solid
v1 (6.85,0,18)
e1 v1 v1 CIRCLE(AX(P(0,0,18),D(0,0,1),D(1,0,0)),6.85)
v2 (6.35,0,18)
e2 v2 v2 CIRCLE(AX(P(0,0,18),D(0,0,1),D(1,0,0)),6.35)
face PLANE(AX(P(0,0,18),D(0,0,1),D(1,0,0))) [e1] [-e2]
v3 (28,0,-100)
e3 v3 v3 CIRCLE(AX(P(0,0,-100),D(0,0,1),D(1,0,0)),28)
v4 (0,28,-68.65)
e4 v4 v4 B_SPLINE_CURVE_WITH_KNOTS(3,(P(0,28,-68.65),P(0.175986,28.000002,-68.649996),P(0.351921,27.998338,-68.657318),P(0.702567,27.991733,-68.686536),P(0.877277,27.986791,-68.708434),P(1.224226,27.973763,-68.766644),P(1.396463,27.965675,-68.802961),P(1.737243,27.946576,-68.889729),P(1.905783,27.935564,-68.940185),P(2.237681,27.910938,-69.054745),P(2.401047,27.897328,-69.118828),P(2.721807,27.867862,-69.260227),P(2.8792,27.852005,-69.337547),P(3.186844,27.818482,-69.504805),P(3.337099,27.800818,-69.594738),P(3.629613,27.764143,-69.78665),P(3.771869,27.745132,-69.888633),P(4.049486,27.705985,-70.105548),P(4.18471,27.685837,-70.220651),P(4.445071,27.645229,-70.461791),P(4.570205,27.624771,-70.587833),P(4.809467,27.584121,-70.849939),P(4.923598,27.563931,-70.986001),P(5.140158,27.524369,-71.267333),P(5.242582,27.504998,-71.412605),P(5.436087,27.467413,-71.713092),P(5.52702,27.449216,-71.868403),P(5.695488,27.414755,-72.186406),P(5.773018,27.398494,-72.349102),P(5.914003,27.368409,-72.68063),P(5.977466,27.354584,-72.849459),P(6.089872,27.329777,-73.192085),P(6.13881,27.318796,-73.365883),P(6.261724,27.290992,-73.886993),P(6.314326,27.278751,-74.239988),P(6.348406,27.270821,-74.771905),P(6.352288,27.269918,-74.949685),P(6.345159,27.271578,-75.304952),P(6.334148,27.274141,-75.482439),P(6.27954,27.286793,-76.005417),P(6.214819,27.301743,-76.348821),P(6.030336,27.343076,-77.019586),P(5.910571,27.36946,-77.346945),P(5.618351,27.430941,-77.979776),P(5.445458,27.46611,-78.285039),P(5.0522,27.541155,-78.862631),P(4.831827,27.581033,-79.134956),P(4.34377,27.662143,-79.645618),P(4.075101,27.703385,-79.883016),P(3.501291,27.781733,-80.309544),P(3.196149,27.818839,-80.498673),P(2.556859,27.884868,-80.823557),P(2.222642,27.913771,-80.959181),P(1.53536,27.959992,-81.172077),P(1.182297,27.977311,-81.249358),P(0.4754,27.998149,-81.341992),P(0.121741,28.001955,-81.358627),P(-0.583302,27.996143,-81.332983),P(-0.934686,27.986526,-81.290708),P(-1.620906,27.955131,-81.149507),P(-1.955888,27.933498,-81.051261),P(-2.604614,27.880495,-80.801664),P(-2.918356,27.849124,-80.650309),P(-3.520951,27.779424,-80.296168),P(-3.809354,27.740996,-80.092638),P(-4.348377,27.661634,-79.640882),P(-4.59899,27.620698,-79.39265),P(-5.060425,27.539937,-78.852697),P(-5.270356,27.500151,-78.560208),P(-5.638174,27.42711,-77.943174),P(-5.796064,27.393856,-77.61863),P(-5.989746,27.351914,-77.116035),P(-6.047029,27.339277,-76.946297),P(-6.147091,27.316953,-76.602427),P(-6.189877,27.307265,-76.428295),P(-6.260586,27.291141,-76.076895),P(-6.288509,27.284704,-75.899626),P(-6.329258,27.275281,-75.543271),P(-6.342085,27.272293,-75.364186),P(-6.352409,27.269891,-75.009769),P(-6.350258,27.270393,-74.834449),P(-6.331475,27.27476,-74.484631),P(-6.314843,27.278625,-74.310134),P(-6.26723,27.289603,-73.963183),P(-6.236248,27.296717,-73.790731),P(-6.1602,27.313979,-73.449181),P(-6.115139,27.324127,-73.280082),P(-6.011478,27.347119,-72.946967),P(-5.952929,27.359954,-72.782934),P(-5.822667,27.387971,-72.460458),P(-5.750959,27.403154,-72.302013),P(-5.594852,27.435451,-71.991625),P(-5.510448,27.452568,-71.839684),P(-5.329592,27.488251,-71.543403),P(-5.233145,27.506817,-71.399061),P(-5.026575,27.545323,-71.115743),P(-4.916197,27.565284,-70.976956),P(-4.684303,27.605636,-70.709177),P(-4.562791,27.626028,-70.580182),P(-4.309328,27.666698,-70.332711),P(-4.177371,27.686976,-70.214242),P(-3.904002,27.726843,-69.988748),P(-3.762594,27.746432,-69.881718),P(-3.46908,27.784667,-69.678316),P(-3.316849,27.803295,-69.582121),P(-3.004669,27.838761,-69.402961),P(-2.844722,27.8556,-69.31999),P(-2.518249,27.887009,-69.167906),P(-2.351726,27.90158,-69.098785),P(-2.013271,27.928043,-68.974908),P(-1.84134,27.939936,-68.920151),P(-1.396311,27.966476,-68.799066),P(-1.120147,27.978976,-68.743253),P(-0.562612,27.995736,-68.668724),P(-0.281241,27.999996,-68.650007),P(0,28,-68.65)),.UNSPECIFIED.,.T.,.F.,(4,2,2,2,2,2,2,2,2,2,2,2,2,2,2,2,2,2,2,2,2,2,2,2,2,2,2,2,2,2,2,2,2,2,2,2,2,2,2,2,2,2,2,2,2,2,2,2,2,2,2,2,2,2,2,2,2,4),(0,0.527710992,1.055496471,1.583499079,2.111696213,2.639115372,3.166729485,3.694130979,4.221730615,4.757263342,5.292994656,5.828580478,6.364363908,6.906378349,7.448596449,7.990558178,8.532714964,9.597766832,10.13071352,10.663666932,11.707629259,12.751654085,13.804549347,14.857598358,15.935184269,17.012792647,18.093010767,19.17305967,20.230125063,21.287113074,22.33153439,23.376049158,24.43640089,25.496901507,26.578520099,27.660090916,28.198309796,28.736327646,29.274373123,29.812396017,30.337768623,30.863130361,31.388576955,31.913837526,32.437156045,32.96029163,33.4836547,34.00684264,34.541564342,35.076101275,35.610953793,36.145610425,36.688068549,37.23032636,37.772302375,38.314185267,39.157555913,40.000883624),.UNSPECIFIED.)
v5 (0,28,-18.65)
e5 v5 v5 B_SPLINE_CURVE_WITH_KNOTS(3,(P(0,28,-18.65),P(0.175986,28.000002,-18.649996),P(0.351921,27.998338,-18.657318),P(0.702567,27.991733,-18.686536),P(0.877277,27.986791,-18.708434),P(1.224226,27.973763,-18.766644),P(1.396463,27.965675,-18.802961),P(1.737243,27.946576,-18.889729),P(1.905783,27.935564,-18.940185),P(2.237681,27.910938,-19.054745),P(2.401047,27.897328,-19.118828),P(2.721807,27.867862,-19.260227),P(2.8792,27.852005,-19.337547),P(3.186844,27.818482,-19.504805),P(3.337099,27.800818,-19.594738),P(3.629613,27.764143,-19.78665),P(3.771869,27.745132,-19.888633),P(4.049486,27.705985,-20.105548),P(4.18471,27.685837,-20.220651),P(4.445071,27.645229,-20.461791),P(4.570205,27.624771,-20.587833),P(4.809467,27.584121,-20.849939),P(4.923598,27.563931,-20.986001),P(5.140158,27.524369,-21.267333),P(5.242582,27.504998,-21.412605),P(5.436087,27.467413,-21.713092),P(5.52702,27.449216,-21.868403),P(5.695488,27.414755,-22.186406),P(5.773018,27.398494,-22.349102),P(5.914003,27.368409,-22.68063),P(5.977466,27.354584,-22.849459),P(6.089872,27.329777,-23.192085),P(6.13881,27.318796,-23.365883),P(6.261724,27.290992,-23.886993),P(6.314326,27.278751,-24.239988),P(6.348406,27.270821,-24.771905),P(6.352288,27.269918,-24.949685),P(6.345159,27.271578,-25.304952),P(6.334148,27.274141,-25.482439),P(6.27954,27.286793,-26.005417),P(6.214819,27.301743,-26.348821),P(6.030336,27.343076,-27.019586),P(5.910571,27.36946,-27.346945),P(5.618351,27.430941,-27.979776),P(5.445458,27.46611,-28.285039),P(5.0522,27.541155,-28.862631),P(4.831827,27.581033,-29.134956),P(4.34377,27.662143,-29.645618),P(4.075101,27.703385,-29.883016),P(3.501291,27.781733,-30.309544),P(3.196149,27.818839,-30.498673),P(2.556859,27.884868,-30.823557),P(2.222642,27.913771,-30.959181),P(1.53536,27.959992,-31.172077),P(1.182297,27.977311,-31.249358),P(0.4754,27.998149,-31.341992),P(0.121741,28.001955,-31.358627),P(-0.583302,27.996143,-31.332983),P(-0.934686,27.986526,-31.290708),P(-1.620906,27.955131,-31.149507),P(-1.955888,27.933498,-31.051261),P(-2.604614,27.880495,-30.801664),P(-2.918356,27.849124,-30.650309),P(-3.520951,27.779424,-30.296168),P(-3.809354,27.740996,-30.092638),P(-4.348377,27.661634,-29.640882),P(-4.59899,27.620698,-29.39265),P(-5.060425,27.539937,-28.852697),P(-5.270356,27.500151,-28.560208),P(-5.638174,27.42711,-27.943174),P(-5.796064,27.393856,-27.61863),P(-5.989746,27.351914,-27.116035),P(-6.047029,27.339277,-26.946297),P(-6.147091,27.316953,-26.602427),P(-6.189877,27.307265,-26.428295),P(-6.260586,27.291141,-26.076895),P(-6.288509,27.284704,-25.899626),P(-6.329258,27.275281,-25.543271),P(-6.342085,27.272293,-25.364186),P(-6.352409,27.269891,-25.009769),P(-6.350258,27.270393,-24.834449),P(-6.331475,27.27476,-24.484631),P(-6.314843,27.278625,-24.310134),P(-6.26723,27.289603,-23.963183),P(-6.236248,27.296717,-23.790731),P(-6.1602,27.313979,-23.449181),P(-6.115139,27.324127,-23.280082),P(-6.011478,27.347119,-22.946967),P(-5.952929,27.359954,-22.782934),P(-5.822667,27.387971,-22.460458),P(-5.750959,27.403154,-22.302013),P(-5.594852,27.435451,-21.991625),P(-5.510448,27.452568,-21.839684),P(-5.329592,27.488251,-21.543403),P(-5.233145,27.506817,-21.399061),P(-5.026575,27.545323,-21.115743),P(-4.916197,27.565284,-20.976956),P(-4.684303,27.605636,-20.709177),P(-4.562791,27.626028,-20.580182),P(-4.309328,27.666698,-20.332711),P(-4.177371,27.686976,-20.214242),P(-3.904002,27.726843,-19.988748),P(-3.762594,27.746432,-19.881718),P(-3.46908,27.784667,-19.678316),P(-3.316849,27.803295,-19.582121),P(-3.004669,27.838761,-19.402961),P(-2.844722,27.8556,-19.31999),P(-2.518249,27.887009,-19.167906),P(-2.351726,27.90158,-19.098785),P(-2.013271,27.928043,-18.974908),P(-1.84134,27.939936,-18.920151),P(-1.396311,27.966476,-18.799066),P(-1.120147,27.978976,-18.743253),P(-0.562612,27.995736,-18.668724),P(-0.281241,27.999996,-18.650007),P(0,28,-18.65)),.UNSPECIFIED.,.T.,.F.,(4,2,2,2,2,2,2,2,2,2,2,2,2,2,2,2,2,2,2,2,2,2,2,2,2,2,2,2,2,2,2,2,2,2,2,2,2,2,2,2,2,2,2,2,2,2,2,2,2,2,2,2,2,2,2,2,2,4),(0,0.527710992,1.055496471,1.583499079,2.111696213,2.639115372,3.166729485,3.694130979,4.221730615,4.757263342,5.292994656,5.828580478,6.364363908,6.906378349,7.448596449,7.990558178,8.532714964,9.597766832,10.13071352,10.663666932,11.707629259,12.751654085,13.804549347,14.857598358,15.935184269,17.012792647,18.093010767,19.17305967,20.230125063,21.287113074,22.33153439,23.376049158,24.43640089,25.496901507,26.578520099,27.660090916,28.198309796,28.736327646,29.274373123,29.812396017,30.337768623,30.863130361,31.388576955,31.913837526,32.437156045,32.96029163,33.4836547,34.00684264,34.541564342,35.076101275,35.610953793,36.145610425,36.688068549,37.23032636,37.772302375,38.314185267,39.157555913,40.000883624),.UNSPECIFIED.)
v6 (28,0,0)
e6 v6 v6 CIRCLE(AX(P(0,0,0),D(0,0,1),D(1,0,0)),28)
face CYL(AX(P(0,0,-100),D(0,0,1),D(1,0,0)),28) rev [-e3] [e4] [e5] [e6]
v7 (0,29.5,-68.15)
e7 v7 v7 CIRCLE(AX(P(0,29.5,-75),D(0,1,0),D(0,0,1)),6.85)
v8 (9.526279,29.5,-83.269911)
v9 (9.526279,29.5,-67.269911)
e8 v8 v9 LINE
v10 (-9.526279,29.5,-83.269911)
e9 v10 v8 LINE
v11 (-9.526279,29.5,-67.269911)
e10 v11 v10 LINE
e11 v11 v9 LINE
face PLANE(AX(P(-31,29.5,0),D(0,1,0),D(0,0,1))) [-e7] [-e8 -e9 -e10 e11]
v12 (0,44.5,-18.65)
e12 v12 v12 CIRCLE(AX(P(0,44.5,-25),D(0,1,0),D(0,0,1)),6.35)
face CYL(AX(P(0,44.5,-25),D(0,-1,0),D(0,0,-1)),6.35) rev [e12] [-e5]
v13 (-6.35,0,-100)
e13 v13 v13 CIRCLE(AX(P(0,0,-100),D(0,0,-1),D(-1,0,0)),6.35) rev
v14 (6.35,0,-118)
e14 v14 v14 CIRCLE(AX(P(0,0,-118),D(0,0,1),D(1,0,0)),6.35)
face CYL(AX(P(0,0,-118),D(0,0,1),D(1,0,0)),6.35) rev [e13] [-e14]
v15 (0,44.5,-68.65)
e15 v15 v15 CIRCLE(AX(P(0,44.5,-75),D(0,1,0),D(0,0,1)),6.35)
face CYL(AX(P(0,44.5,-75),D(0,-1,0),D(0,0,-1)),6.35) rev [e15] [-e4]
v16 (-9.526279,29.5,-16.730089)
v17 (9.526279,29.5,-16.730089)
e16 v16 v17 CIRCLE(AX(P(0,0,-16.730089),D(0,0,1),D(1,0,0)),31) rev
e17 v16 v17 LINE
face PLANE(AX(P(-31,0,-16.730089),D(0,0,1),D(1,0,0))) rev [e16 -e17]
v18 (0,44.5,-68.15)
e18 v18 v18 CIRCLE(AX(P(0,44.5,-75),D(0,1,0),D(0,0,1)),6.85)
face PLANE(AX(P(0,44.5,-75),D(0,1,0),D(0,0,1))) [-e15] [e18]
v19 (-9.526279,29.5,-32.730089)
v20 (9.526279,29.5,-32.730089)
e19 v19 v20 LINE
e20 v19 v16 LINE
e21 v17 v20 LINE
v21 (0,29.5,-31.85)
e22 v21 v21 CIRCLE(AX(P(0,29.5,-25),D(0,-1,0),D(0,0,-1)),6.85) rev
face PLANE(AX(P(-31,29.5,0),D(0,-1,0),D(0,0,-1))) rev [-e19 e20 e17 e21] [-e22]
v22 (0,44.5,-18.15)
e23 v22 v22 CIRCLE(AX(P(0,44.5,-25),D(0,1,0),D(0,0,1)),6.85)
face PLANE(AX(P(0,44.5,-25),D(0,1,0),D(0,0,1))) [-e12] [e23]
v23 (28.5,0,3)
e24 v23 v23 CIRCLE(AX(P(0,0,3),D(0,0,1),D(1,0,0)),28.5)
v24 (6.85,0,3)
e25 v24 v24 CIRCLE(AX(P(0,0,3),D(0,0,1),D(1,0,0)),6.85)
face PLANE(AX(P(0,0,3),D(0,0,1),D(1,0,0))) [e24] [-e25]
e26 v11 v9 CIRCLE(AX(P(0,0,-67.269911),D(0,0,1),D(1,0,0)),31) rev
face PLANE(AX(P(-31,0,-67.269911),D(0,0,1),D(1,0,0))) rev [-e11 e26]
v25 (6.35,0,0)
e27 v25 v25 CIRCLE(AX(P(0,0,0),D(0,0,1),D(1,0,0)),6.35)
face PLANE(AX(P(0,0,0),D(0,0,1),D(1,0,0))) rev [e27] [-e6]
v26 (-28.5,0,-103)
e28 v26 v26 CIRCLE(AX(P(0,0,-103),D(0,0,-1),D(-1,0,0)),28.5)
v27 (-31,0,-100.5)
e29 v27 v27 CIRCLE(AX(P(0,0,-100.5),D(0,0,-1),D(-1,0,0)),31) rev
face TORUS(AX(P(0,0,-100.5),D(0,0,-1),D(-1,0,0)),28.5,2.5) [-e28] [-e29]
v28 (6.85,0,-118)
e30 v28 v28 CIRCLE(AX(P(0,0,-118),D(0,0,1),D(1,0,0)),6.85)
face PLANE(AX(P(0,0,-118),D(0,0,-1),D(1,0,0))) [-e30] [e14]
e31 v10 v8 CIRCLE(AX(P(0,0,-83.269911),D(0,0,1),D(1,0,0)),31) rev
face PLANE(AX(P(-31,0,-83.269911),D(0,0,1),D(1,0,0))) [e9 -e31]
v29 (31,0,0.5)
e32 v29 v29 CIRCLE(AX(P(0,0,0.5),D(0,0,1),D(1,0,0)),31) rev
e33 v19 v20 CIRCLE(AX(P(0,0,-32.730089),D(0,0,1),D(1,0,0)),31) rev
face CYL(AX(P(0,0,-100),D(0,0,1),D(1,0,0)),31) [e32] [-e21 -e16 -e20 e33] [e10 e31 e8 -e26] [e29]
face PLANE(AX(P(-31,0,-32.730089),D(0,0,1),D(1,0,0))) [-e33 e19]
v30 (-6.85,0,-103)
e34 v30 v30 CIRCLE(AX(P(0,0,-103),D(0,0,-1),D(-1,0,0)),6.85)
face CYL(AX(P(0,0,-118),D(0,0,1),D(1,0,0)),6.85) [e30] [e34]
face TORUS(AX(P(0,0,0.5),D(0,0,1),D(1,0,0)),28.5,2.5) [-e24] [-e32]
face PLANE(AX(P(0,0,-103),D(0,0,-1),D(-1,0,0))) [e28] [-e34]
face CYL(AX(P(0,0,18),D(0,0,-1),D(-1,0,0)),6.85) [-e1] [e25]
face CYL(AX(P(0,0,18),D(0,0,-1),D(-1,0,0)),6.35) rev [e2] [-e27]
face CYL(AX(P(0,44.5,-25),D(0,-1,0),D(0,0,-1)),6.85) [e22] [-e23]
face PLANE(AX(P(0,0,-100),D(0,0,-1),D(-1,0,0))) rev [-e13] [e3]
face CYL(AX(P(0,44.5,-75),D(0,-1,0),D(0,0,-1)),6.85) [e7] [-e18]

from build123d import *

# Parameters (mm, degrees)
SKETCH2_R               = 31
SKETCH2_R_2             = 28
BOSS_EXTRUDE1_DEPTH     = 100
SKETCH3_R               = 31
BOSS_EXTRUDE2_DEPTH     = 3
SKETCH4_R               = 31
BOSS_EXTRUDE3_DEPTH     = 3
SKETCH5_W               = 16
SKETCH5_H               = 1.5
CUT_EXTRUDE1_DEPTH      = 32
CUT_EXTRUDE1_DEPTH_BACK = 32
SKETCH6_R               = 6.85
SKETCH6_R_2             = 6.35
BOSS_EXTRUDE4_DEPTH     = 15
SKETCH6_2_R             = 6.35
CUT_EXTRUDE2_DEPTH      = 15
SKETCH7_R               = 6.85
SKETCH7_R_2             = 6.35
BOSS_EXTRUDE5_DEPTH     = 15
SKETCH7_2_R             = 6.35
CUT_EXTRUDE3_DEPTH      = 15
FILLET1_R               = 2.5


with BuildPart() as part:
    # Sketch2 → Boss-Extrude1 (new body)
    with BuildSketch(Plane.XY):
        Circle(SKETCH2_R)
        Circle(SKETCH2_R_2, mode=Mode.SUBTRACT)
    extrude(amount=-BOSS_EXTRUDE1_DEPTH)

    # Sketch3 → Boss-Extrude2 (add)
    with BuildSketch(Plane.XY):
        Circle(SKETCH3_R)
    extrude(amount=BOSS_EXTRUDE2_DEPTH)

    # Sketch4 → Boss-Extrude3 (add)
    with BuildSketch(Plane(origin=(0, 0, -100), x_dir=(-1, 0, 0), z_dir=(0, 0, -1))):
        Circle(SKETCH4_R)
    extrude(amount=BOSS_EXTRUDE3_DEPTH)

    # Sketch5 → Cut-Extrude1 (cut, two sides)
    with BuildSketch(Plane(origin=(0, 0, 0), x_dir=(0, 0, -1), z_dir=(1, 0, 0))) as cut_extrude1_sk:
        with Locations((75.269911272, 30.25)):
            Rectangle(SKETCH5_W, SKETCH5_H)
        with Locations((24.730088728, 30.25)):
            Rectangle(SKETCH5_W, SKETCH5_H)
    extrude(amount=CUT_EXTRUDE1_DEPTH, mode=Mode.SUBTRACT)
    extrude(cut_extrude1_sk.sketch, amount=-CUT_EXTRUDE1_DEPTH_BACK, mode=Mode.SUBTRACT)

    # Sketch6 → Boss-Extrude4 (add)
    with BuildSketch(Plane(origin=(0, 29.5, 0), x_dir=(1, 0, 0), z_dir=(0, 1, 0))):
        with Locations((0, 25)):
            Circle(SKETCH6_R)
        with Locations((0, 25)):
            Circle(SKETCH6_R_2, mode=Mode.SUBTRACT)
        with Locations((0, 75)):
            Circle(SKETCH6_R)
        with Locations((0, 75)):
            Circle(SKETCH6_R_2, mode=Mode.SUBTRACT)
    extrude(amount=BOSS_EXTRUDE4_DEPTH)

    # Sketch6<2> → Cut-Extrude2 (cut)
    with BuildSketch(Plane(origin=(0, 29.5, 0), x_dir=(1, 0, 0), z_dir=(0, 1, 0))):
        with Locations((0, 25)):
            Circle(SKETCH6_2_R)
        with Locations((0, 75)):
            Circle(SKETCH6_2_R)
    extrude(amount=-CUT_EXTRUDE2_DEPTH, mode=Mode.SUBTRACT)

    # Sketch7 → Boss-Extrude5 (add)
    with BuildSketch(Plane.XY.offset(3)):
        Circle(SKETCH7_R)
        Circle(SKETCH7_R_2, mode=Mode.SUBTRACT)
    boss_extrude5 = extrude(amount=BOSS_EXTRUDE5_DEPTH)

    # Sketch7<2> → Cut-Extrude3 (cut)
    with BuildSketch(Plane.XY.offset(3)):
        Circle(SKETCH7_2_R)
    cut_extrude3 = extrude(amount=-CUT_EXTRUDE3_DEPTH, mode=Mode.SUBTRACT)

    # Mirror2: Boss-Extrude5, Cut-Extrude3 across plane
    add(boss_extrude5.mirror(Plane.XY.offset(-50)))
    add(cut_extrude3.mirror(Plane.XY.offset(-50)), mode=Mode.SUBTRACT)

    # Fillet1
    fillet1_edges = [part.edges().sort_by_distance(p)[0] for p in [
        (-31, 0, 3),
        (31, 0, -103),
    ]]
    fillet(fillet1_edges, radius=FILLET1_R)


solid = part.part
